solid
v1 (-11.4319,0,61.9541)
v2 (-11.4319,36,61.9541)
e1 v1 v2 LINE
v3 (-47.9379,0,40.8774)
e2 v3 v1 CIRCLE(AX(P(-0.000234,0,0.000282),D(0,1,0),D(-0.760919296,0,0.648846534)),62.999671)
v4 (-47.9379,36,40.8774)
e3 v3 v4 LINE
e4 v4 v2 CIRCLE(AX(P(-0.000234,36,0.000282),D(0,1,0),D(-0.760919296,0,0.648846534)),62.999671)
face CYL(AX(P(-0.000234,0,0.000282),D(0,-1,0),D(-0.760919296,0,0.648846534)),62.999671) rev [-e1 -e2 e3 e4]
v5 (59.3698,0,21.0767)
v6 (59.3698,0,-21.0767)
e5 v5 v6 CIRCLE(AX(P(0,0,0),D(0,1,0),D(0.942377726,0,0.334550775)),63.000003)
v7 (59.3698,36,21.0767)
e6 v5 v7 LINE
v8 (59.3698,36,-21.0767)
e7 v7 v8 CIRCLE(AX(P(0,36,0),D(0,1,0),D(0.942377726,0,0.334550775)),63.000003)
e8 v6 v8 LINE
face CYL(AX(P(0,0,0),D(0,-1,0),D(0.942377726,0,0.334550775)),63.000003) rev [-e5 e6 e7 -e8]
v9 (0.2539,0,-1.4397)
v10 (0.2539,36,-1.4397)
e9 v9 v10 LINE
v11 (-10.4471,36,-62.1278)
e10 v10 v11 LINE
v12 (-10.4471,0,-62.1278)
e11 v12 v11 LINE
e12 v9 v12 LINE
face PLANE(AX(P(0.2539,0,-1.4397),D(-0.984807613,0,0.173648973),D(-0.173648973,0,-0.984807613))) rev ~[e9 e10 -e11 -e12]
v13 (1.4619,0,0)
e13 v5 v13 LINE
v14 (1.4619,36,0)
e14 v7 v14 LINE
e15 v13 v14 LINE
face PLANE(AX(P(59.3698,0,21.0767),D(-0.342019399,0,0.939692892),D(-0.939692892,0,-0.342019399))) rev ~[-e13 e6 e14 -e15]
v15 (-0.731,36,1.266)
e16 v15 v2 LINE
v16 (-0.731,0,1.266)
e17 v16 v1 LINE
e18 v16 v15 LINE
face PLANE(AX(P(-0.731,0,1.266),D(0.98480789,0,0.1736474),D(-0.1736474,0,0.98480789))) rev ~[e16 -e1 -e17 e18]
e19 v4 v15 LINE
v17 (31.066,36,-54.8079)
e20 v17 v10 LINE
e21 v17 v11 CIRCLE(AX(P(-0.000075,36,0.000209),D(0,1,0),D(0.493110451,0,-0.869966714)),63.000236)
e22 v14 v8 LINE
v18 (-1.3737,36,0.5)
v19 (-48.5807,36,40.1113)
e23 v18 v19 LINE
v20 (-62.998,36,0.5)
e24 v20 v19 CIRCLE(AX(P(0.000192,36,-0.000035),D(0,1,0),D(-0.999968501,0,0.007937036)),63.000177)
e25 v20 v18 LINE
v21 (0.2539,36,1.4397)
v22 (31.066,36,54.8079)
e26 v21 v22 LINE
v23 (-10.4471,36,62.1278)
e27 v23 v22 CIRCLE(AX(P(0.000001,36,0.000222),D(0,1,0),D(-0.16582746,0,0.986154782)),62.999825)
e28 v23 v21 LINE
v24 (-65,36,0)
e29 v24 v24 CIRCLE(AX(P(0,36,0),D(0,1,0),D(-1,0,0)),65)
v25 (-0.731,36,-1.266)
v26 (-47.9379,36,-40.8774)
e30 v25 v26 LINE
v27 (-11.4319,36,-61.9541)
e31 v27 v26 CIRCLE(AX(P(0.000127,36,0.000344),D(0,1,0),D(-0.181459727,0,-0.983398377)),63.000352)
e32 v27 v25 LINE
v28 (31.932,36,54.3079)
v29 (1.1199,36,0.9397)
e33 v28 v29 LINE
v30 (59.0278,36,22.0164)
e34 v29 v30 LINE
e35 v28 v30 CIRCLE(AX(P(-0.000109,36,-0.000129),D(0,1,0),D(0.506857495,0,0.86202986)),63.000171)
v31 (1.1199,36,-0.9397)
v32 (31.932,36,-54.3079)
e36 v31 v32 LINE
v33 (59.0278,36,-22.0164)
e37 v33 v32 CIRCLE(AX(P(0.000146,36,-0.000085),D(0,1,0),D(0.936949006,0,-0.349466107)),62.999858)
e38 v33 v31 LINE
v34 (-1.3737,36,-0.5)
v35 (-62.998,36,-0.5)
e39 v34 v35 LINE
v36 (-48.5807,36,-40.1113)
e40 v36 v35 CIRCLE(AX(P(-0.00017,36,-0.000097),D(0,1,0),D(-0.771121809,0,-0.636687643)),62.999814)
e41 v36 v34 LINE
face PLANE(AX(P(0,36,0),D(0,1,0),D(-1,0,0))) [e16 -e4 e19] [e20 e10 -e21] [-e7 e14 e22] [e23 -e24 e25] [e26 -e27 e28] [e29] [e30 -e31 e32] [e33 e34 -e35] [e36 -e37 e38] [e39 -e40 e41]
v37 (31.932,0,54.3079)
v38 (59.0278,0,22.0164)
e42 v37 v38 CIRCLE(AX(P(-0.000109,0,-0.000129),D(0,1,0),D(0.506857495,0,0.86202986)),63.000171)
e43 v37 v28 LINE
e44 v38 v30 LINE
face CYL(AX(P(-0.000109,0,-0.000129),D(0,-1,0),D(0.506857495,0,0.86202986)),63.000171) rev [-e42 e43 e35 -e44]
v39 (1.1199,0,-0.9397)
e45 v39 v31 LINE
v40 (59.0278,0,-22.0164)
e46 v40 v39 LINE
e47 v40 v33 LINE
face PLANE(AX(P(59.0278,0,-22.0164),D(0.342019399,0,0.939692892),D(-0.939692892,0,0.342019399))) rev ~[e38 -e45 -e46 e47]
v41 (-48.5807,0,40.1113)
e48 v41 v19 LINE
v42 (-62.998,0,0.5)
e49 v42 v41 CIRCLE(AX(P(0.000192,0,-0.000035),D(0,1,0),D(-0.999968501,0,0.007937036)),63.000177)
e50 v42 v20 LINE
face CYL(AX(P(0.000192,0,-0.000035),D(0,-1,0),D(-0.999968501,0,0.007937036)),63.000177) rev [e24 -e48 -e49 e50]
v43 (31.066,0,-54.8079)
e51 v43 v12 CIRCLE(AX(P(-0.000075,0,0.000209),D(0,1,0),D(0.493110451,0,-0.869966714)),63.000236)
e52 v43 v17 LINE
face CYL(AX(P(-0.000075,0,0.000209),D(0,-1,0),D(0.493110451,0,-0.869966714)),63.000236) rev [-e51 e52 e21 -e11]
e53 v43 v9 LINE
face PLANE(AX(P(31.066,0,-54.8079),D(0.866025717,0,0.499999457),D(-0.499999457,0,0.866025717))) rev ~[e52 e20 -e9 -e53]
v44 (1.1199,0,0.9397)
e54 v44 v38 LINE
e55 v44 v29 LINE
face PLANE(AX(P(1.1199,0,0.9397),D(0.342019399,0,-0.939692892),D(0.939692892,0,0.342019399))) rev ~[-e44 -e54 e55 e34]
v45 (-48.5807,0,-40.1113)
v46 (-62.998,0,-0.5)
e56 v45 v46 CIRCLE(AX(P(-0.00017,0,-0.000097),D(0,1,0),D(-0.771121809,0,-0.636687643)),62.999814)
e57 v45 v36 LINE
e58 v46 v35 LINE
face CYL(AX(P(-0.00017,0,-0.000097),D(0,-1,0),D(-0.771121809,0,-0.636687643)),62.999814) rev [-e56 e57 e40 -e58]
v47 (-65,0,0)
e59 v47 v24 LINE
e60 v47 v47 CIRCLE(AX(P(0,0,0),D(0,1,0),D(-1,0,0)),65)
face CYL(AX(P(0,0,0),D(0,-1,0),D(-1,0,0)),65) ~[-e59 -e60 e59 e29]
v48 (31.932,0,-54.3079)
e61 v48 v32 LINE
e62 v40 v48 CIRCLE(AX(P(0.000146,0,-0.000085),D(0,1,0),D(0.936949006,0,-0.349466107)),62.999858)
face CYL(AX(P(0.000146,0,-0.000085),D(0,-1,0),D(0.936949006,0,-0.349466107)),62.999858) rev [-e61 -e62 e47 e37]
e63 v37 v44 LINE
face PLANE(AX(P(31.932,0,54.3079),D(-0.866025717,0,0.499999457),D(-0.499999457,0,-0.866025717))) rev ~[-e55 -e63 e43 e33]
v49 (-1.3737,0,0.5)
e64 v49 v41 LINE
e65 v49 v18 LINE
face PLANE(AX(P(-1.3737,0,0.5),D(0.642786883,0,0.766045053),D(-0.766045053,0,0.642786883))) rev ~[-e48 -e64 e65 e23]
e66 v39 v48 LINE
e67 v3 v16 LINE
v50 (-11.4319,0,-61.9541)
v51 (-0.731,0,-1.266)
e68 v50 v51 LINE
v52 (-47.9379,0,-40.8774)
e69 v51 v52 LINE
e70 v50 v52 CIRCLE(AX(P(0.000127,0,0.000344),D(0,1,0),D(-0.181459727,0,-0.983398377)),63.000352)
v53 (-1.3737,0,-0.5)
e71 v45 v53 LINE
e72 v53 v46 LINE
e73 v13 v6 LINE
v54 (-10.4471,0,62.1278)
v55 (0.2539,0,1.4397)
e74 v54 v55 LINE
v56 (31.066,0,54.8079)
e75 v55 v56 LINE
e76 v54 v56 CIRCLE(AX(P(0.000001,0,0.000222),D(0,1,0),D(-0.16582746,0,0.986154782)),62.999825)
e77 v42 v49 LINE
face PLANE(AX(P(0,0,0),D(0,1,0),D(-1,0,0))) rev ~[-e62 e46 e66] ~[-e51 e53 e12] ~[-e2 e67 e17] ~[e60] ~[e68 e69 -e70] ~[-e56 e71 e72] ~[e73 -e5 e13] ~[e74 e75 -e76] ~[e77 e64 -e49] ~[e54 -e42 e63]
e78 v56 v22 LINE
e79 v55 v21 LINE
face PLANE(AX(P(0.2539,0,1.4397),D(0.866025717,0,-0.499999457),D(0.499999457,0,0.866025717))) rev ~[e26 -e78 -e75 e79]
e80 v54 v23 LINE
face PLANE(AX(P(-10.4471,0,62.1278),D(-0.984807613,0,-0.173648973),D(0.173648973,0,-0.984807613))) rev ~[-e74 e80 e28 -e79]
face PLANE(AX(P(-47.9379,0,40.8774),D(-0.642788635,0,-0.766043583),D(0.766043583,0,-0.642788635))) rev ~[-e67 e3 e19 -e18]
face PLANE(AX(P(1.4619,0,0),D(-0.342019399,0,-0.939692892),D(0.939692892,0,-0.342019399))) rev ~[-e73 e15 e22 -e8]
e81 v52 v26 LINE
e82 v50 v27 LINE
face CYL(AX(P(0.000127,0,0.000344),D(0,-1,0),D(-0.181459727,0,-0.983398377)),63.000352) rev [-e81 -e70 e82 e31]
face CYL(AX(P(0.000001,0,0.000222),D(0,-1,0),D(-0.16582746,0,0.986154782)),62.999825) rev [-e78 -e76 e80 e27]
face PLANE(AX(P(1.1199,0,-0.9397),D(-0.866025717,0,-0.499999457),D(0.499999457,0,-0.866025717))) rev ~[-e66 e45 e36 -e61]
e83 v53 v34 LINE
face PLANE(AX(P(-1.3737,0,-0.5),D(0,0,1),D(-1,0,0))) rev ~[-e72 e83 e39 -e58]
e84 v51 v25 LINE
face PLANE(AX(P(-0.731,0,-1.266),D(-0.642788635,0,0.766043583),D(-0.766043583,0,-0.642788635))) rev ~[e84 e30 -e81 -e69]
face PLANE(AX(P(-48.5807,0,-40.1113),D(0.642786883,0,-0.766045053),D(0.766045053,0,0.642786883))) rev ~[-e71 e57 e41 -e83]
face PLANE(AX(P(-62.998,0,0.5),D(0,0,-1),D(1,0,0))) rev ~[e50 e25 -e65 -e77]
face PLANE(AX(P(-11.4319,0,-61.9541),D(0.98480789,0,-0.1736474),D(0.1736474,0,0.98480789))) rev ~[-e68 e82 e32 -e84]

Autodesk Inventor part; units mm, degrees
ref_plane "YZ Plane" through (0, 0, 0) normal (1, 0, 0) x (0, 1, 0)
ref_plane "XZ Plane" through (0, 0, 0) normal (0, 1, 0) x (-1, 0, 0)
ref_plane "XY Plane" through (0, 0, 0) normal (0, 0, 1) x (1, 0, 0)
sketch "Эскиз1" plane through (0, 0, 0) normal (0, 1, 0) x (-1, 0, 0)
  circle A0 centre (0, 0) radius 65
  line L0 (-0.2539, 1.4397) -> (-31.066, 54.8079)
  line L1 (-59.0278, -22.0164) -> (-1.1199, -0.9397)
  line L2 (-31.066, -54.8079) -> (-0.2539, -1.4397)
  line L3 (11.4319, -61.9541) -> (0.731, -1.266)
  arc A1 (62.998, 0.5) -> (48.5807, 40.1113) centre (0, 0) ccw
  arc A2 (47.9379, 40.8774) -> (11.4319, 61.9541) centre (0, 0) ccw
  arc A3 (10.4471, 62.1278) -> (-31.066, 54.8079) centre (0, 0) ccw
  arc A4 (-31.932, 54.3079) -> (-59.0278, 22.0164) centre (0, 0) ccw
  arc A5 (-59.3698, 21.0767) -> (-59.3698, -21.0767) centre (0, 0) ccw
  arc A6 (-59.0278, -22.0164) -> (-31.932, -54.3079) centre (0, 0) ccw
  arc A7 (-31.066, -54.8079) -> (10.4471, -62.1278) centre (0, 0) ccw
  arc A8 (11.4319, -61.9541) -> (47.9379, -40.8774) centre (0, 0) ccw
  arc A9 (48.5807, -40.1113) -> (62.998, -0.5) centre (0, 0) ccw
  line L4 (0.731, 1.266) -> (11.4319, 61.9541)
  line L5 (48.5807, -40.1113) -> (1.3737, -0.5)
  line L6 (62.998, 0.5) -> (1.3737, 0.5)
  line L7 (47.9379, 40.8774) -> (0.731, 1.266)
  line L8 (1.3737, 0.5) -> (48.5807, 40.1113)
  line L9 (1.3737, -0.5) -> (62.998, -0.5)
  line L10 (0.731, -1.266) -> (47.9379, -40.8774)
  line L11 (-0.2539, -1.4397) -> (10.4471, -62.1278)
  line L12 (-1.1199, -0.9397) -> (-31.932, -54.3079)
  line L13 (-59.3698, 21.0767) -> (-1.4619, 0)
  line L14 (-1.4619, 0) -> (-59.3698, -21.0767)
  line L15 (-31.932, 54.3079) -> (-1.1199, 0.9397)
  line L16 (-1.1199, 0.9397) -> (-59.0278, 22.0164)
  line L17 (10.4471, 62.1278) -> (-0.2539, 1.4397)
  point P0 (0.0314, 0.0032)
  dimension "d1" = 130
extrude "Выдавливание1" add sketch "Эскиз1" along normal blind 36
